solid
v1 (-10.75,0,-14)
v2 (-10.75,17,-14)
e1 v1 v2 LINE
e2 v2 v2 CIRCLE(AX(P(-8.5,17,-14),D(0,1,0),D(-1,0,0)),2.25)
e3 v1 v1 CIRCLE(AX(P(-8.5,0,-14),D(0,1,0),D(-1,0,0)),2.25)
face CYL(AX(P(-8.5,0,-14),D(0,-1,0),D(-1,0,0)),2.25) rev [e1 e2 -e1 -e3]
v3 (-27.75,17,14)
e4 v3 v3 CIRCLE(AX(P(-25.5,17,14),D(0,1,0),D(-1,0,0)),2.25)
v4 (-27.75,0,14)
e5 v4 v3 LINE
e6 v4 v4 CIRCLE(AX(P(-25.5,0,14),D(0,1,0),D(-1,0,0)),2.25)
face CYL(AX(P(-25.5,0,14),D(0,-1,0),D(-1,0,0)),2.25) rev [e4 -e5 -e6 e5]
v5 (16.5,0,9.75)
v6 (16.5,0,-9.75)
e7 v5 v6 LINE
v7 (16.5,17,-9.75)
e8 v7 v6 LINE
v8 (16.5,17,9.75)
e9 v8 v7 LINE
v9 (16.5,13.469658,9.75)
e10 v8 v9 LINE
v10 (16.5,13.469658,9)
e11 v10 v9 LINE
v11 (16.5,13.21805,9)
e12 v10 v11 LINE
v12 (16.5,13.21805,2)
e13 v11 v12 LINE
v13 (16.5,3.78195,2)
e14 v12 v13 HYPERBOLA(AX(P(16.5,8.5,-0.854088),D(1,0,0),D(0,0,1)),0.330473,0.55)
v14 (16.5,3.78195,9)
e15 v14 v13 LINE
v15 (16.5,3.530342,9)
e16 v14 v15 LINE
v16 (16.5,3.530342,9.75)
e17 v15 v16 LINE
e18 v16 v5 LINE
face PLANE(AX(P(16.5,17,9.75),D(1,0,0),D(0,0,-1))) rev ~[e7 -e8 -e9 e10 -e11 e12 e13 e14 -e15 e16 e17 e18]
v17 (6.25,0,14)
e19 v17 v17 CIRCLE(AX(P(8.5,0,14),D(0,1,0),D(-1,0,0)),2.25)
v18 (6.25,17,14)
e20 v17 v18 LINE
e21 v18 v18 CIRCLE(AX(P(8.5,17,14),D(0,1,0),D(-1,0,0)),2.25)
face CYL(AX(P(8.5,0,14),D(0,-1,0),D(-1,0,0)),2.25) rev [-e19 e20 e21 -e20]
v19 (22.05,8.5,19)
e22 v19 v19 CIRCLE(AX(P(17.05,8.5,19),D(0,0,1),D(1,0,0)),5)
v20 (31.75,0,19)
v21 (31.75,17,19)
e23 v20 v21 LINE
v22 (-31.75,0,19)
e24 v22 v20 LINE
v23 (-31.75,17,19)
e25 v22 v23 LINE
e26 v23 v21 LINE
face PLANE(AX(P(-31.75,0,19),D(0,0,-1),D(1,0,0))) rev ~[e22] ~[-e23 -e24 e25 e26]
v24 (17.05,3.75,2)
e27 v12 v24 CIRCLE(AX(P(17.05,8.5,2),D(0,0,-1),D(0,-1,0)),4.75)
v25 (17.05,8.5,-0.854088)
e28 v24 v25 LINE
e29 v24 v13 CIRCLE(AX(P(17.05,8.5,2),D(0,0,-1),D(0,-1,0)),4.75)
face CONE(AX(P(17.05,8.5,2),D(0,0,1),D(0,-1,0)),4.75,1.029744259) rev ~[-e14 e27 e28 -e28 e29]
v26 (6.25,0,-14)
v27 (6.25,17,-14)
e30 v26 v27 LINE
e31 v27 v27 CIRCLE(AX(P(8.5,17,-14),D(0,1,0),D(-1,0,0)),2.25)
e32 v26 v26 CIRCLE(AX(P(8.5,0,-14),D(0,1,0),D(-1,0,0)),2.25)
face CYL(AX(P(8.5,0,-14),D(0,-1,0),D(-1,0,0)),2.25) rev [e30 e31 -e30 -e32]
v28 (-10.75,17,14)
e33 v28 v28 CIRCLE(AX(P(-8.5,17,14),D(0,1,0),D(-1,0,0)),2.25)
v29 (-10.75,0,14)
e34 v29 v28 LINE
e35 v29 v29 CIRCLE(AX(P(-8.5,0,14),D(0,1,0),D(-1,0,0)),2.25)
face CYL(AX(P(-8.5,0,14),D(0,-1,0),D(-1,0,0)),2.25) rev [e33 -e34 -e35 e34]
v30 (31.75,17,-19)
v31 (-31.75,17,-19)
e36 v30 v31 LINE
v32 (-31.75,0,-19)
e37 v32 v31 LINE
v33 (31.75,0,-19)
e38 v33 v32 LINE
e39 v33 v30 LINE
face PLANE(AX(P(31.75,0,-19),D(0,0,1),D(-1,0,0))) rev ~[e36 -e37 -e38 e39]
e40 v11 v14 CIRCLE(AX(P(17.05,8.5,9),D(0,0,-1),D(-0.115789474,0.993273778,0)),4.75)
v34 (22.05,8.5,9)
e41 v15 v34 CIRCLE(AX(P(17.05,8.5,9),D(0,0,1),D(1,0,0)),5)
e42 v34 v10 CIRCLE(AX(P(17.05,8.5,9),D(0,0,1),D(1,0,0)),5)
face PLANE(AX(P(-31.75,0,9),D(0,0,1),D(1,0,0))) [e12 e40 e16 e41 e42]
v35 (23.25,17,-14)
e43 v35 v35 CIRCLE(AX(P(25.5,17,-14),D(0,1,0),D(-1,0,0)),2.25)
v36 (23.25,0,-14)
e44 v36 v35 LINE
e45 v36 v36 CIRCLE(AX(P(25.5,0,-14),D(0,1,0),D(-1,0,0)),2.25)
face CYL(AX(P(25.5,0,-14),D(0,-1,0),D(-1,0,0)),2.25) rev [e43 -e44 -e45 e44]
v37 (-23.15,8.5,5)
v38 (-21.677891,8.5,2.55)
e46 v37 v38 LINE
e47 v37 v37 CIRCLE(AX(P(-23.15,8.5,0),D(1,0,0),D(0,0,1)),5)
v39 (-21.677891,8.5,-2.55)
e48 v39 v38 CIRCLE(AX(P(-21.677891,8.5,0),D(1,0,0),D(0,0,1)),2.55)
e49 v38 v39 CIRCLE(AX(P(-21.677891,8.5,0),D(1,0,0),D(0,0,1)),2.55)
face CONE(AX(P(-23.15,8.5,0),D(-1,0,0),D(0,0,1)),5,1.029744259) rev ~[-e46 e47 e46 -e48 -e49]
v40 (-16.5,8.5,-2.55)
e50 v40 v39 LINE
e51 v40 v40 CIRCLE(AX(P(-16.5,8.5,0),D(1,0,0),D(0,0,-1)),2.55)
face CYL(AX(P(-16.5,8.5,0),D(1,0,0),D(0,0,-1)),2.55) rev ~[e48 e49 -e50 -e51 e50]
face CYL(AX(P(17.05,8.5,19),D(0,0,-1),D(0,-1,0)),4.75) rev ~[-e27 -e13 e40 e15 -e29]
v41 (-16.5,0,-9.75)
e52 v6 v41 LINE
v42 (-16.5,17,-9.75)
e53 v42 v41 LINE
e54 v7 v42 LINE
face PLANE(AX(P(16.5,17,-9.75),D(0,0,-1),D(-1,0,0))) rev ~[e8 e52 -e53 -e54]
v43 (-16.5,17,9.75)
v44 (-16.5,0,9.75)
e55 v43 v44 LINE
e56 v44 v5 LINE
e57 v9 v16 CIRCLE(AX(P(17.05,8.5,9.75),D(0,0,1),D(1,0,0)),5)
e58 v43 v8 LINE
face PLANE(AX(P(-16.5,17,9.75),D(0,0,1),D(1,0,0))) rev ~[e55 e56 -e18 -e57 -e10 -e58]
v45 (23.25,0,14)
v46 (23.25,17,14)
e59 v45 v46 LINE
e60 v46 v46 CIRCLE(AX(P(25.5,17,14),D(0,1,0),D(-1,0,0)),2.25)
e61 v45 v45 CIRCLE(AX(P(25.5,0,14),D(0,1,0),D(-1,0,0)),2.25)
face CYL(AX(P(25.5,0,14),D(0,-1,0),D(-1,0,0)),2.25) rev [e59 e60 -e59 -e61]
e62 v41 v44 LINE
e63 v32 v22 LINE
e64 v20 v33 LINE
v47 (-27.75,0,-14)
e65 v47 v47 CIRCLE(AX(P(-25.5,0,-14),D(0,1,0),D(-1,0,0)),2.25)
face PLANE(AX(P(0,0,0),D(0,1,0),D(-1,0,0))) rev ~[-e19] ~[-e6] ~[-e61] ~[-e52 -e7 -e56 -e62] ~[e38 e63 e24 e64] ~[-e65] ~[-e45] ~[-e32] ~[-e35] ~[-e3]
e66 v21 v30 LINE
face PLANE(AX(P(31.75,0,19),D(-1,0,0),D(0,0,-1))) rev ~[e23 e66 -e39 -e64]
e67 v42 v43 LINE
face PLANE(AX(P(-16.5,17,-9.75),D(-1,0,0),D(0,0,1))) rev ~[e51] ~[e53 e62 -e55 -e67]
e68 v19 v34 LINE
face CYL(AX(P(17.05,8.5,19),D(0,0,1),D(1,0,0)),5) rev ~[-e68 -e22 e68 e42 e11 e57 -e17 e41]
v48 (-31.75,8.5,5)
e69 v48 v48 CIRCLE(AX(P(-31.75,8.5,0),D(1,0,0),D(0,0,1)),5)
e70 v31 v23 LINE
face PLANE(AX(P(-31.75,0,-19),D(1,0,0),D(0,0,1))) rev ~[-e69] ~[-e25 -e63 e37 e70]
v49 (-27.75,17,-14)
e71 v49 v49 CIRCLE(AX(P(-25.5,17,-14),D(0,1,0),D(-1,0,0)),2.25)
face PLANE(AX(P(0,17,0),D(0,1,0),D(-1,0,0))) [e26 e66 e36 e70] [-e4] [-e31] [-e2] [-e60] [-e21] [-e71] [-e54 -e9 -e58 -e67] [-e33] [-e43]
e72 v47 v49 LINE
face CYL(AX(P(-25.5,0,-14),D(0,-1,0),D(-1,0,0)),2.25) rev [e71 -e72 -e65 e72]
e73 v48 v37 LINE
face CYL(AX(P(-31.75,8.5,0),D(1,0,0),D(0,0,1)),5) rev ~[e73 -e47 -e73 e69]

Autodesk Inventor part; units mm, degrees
ref_plane "YZ Plane" through (0, 0, 0) normal (1, 0, 0) x (0, 1, 0)
ref_plane "XZ Plane" through (0, 0, 0) normal (0, 1, 0) x (-1, 0, 0)
ref_plane "XY Plane" through (0, 0, 0) normal (0, 0, 1) x (1, 0, 0)
sketch "Sketch1" plane through (0, 0, 0) normal (0, 1, 0) x (-1, 0, 0)
  line L0 (31.75, 19) -> (-31.75, 19)
  line L1 (-31.75, 19) -> (-31.75, -19)
  line L2 (-31.75, -19) -> (31.75, -19)
  line L3 (31.75, -19) -> (31.75, 19)
  line L4 (31.75, 19) -> (31.75, 14) construction
  line L5 (31.75, 14) -> (31.75, -14) construction
  line L6 (31.75, 19) -> (25.5, 19) construction
  line L7 (25.5, 19) -> (8.5, 19) construction
  line L8 (8.5, 19) -> (-8.5, 19) construction
  line L9 (-8.5, 19) -> (-25.5, 19) construction
  line L10 (31.75, 14) -> (-25.5, 14) construction
  line L11 (-25.5, 14) -> (-25.5, -14) construction
  line L12 (-25.5, -14) -> (-8.5, -14) construction
  line L13 (-8.5, -14) -> (8.5, -14) construction
  line L14 (8.5, -14) -> (25.5, -14) construction
  line L15 (25.5, -14) -> (31.75, -14) construction
  line L16 (25.5, 14) -> (25.5, -14) construction
  line L17 (8.5, 14) -> (8.5, -14) construction
  line L18 (-8.5, 14) -> (-8.5, -14) construction
  circle A0 centre (25.5, 14) radius 2.25
  circle A1 centre (25.5, -14) radius 2.25
  circle A2 centre (8.5, -14) radius 2.25
  circle A3 centre (-8.5, -14) radius 2.25
  circle A4 centre (-25.5, -14) radius 2.25
  circle A5 centre (-25.5, 14) radius 2.25
  circle A6 centre (-8.5, 14) radius 2.25
  circle A7 centre (8.5, 14) radius 2.25
  point P0 (0, 0)
  dimension "d0" = 63.5
  dimension "d1" = 38
  dimension "d5" = 17
  dimension "d6" = 17
  dimension "d7" = 17
extrude "Extrusion1" add sketch "Sketch1" along normal blind 17
sketch "Sketch2" plane through (0, 17, 0) normal (0, 1, 0) x (1, 0, 0)
  line L0 (-16.5, -9.75) -> (16.5, -9.75)
  line L1 (16.5, -9.75) -> (16.5, 9.75)
  line L2 (16.5, 9.75) -> (-16.5, 9.75)
  line L3 (-16.5, 9.75) -> (-16.5, -9.75)
  line L4 (-16.5, -9.75) -> (16.5, 9.75) construction
  line L5 (16.5, -9.75) -> (-16.5, 9.75) construction
  point P0 (0, 0)
  dimension "d12" = 33
  dimension "d13" = 19.5
extrude "Extrusion2" cut sketch "Sketch2" against normal through all
sketch "Sketch3" plane through (-31.75, 0, -19) normal (-1, 0, 0) x (0, 0, 1)
  line L0 (19, 0) -> (19, 17) construction
  line L1 (38, 17) -> (0, 17) construction
  line L2 (0, 0) -> (0, 17) construction
  line L3 (0, 8.5) -> (38, 8.5) construction
  line L4 (38, 0) -> (38, 17) construction
  circle A0 centre (19, 8.5) radius 2.08 construction
hole "Hole1" at (-31.75, 8.5, 0) direction (1, 0, 0) diameter 10 depth 8.6 tip angle 118
sketch "Sketch4" plane through (-16.5, 17, 9.75) normal (1, 0, 0) x (0, 0, -1)
  line L0 (-9.25, -17) -> (-9.25, 0) construction
  line L1 (-9.25, -8.5) -> (28.75, -8.5) construction
  line L2 (28.75, -17) -> (28.75, 0) construction
  circle A0 centre (9.75, -8.5) radius 2.55
  point P0 (9.75, -17)
  dimension "d23" = 5.1
extrude "Extrusion3" cut sketch "Sketch4" against normal through all
sketch "Sketch5" plane through (-31.75, 0, 19) normal (0, 0, 1) x (1, 0, 0)
  line L0 (63.5, 0) -> (63.5, 17) construction
  line L1 (63.5, 8.5) -> (48.8, 8.5) construction
  circle A0 centre (48.8, 8.5) radius 5
  point P0 (31.75, 0)
  dimension "d26" = 14.7
  dimension "d27" = 10
extrude "Extrusion4" cut sketch "Sketch5" against normal blind 10
sketch "Sketch6" plane through (-31.75, 0, 19) normal (0, 0, 1) x (1, 0, 0)
  line L0 (63.5, 0) -> (63.5, 17) construction
  line L1 (63.5, 8.5) -> (48.8, 8.5) construction
  point P0 (31.75, 0)
  dimension "d30" = 14.7
hole "Hole2" at (17.05, 8.5, 19) direction (0, 0, -1) diameter 9.5 depth 17 tip angle 118
properties part number "Distributore"
